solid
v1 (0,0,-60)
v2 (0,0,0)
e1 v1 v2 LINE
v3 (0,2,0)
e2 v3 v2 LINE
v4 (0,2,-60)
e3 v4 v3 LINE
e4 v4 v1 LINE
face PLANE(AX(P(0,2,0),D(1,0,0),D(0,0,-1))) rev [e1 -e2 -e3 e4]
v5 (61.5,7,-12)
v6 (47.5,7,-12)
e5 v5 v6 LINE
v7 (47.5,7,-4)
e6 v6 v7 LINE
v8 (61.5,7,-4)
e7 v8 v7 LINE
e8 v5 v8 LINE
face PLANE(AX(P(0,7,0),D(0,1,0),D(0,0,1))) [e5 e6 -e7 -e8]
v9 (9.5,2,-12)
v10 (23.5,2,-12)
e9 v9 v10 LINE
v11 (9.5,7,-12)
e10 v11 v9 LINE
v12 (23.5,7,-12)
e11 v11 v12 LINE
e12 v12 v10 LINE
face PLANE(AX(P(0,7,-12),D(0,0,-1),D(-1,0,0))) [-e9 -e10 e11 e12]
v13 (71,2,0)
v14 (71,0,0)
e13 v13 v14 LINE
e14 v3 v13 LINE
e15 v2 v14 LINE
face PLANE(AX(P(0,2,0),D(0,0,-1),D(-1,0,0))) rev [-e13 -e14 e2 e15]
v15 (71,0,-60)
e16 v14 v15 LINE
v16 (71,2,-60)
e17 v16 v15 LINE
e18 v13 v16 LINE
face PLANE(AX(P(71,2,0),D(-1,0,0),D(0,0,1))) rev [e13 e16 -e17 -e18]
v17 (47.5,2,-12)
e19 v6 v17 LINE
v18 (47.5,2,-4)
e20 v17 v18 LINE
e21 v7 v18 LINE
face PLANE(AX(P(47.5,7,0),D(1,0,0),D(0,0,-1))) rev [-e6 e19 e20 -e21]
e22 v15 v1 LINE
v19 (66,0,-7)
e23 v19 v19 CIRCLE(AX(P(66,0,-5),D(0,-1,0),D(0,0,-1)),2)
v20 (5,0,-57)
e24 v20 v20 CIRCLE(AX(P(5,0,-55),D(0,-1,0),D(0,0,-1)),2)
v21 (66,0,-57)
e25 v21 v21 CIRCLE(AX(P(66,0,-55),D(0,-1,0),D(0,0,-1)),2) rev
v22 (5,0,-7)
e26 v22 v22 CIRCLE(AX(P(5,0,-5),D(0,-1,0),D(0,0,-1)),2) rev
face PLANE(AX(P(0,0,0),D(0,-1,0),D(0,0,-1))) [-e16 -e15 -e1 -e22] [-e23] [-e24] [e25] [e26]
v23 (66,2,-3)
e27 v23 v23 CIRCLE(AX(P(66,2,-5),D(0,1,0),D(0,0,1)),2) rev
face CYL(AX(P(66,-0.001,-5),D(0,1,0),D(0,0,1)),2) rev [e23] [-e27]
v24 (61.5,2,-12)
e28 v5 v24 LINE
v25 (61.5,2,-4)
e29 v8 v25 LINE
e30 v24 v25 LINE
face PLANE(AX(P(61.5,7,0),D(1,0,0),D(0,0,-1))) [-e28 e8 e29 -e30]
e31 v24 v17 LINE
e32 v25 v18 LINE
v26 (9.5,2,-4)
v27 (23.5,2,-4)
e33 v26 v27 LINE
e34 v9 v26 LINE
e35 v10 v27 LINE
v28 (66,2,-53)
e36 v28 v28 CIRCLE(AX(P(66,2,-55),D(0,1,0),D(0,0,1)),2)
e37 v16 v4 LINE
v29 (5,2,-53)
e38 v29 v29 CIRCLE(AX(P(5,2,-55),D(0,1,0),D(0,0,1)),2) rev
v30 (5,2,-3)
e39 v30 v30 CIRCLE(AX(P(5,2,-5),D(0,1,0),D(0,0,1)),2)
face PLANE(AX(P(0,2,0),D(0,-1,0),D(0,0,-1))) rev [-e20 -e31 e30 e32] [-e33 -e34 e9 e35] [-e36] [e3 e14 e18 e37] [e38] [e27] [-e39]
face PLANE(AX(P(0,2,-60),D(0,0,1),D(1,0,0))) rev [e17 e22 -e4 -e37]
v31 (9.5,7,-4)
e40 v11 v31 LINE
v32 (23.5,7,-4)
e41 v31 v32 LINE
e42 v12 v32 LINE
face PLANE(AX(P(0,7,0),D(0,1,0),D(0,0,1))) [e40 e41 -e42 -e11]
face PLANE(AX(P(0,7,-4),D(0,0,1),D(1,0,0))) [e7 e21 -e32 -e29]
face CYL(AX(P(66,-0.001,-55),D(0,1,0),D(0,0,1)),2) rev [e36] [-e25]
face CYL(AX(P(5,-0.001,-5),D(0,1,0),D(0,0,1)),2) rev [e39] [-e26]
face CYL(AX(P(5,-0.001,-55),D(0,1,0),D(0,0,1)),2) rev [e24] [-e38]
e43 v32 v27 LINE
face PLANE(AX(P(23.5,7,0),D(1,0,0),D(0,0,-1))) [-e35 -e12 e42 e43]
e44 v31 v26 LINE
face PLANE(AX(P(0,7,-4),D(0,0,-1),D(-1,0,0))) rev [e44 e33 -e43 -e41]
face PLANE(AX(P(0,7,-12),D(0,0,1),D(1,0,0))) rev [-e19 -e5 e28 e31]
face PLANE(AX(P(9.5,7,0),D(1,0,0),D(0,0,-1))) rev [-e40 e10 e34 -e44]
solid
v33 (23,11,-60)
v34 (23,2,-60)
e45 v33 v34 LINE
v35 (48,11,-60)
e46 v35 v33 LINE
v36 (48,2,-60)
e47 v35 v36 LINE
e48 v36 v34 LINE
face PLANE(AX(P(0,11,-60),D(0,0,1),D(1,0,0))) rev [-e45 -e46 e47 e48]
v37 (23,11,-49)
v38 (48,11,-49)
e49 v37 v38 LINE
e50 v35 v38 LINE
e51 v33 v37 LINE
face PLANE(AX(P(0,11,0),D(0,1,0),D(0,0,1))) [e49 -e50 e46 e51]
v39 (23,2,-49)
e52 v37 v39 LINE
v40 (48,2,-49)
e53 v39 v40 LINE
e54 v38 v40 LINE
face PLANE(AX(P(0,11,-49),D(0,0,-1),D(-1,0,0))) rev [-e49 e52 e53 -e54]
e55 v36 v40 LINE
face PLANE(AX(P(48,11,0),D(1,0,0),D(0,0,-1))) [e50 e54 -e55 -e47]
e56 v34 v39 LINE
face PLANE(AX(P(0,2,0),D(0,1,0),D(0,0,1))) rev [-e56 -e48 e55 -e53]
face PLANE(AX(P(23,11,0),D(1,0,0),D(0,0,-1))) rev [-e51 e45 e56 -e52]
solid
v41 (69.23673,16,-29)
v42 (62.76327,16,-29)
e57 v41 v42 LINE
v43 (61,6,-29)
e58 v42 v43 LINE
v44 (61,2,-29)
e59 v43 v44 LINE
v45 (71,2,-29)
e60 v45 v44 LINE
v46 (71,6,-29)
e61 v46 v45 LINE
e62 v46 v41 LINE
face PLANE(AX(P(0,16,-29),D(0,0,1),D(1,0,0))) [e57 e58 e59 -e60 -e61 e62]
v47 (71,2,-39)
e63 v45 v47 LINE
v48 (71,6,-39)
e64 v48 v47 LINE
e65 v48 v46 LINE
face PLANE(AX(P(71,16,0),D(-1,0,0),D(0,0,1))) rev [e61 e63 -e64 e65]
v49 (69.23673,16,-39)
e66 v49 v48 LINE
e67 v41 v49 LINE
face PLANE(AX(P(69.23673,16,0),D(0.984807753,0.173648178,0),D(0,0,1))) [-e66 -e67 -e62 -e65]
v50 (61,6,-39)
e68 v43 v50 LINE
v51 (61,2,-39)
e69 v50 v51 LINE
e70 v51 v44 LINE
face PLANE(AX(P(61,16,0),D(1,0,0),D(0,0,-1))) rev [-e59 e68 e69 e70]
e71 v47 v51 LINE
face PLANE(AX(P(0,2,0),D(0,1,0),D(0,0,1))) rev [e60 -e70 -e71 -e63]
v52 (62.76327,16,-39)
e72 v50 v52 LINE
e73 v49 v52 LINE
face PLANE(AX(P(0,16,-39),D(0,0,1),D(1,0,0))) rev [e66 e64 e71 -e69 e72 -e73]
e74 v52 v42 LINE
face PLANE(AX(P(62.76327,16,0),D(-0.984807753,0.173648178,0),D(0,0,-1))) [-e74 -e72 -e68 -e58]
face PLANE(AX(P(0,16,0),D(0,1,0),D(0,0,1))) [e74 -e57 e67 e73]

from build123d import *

# Parameters (mm, degrees)
SKETCH1_W             = 71
SKETCH1_H             = 60
BOSS_EXTRUDE1_DEPTH   = 2
SKETCH2_W             = 25
SKETCH2_H             = 11
BOSS_EXTRUDE2_DEPTH   = 9
SKETCH2_3_W           = 10
SKETCH2_3_H           = 10
BOSS_EXTRUDE3_DEPTH   = 14
CHAMFER1_SIZE         = 10
CHAMFER1_SIZE2        = 1.763269807
CHAMFER1_PART_2_SIZE  = 10
CHAMFER1_PART_2_SIZE2 = 1.763269807
SKETCH2_5_R           = 2
CUT_EXTRUDE2_DEPTH    = 2
SKETCH2_6_W           = 14
SKETCH2_6_H           = 8
BOSS_EXTRUDE4_DEPTH   = 5


with BuildPart() as part:
    # Sketch1 → Boss-Extrude1 (new body)
    with BuildSketch(Plane(origin=(0, 0, 0), x_dir=(1, 0, 0), z_dir=(0, 1, 0))):
        with Locations((35.5, 30)):
            Rectangle(SKETCH1_W, SKETCH1_H)
    extrude(amount=BOSS_EXTRUDE1_DEPTH)

    # Sketch2<5> → Cut-Extrude2 (cut)
    with BuildSketch(Plane(origin=(0, 2, 0), x_dir=(1, 0, 0), z_dir=(0, 1, 0))):
        with Locations((5, 55)):
            Circle(SKETCH2_5_R)
        with Locations((5, 5)):
            Circle(SKETCH2_5_R)
        with Locations((66, 5)):
            Circle(SKETCH2_5_R)
        with Locations((66, 55)):
            Circle(SKETCH2_5_R)
    extrude(amount=-CUT_EXTRUDE2_DEPTH, mode=Mode.SUBTRACT)

    # Sketch2<6> → Boss-Extrude4 (add)
    with BuildSketch(Plane(origin=(0, 2, 0), x_dir=(1, 0, 0), z_dir=(0, 1, 0))):
        with Locations((16.5, 8)):
            Rectangle(SKETCH2_6_W, SKETCH2_6_H)
        with Locations((54.5, 8)):
            Rectangle(SKETCH2_6_W, SKETCH2_6_H)
    extrude(amount=BOSS_EXTRUDE4_DEPTH)


with BuildPart() as body_2:
    # Sketch2 → Boss-Extrude2 (new body)
    with BuildSketch(Plane(origin=(0, 2, 0), x_dir=(1, 0, 0), z_dir=(0, 1, 0))):
        with Locations((35.5, 54.5)):
            Rectangle(SKETCH2_W, SKETCH2_H)
    extrude(amount=BOSS_EXTRUDE2_DEPTH)


with BuildPart() as body_3:
    # Sketch2<3> → Boss-Extrude3 (new body)
    with BuildSketch(Plane(origin=(0, 2, 0), x_dir=(1, 0, 0), z_dir=(0, 1, 0))):
        with Locations((66, 34)):
            Rectangle(SKETCH2_3_W, SKETCH2_3_H)
    extrude(amount=BOSS_EXTRUDE3_DEPTH)

    # Chamfer1
    chamfer1_edges = [body_3.edges().sort_by_distance(p)[0] for p in [
        (71, 16, -34),
    ]]
    chamfer1_side = [body_3.faces().sort_by_distance(p)[0] for p in [
        (71, 9, -34),
    ]]
    chamfer(chamfer1_edges, length=CHAMFER1_SIZE, length2=CHAMFER1_SIZE2, reference=chamfer1_side[0])

    # Chamfer1 part 2
    chamfer1_part_2_edges = [body_3.edges().sort_by_distance(p)[0] for p in [
        (61, 16, -34),
    ]]
    chamfer1_part_2_side = [body_3.faces().sort_by_distance(p)[0] for p in [
        (61, 9, -34),
    ]]
    chamfer(chamfer1_part_2_edges, length=CHAMFER1_PART_2_SIZE, length2=CHAMFER1_PART_2_SIZE2, reference=chamfer1_part_2_side[0])


solid = Compound([part.part, body_2.part, body_3.part])
